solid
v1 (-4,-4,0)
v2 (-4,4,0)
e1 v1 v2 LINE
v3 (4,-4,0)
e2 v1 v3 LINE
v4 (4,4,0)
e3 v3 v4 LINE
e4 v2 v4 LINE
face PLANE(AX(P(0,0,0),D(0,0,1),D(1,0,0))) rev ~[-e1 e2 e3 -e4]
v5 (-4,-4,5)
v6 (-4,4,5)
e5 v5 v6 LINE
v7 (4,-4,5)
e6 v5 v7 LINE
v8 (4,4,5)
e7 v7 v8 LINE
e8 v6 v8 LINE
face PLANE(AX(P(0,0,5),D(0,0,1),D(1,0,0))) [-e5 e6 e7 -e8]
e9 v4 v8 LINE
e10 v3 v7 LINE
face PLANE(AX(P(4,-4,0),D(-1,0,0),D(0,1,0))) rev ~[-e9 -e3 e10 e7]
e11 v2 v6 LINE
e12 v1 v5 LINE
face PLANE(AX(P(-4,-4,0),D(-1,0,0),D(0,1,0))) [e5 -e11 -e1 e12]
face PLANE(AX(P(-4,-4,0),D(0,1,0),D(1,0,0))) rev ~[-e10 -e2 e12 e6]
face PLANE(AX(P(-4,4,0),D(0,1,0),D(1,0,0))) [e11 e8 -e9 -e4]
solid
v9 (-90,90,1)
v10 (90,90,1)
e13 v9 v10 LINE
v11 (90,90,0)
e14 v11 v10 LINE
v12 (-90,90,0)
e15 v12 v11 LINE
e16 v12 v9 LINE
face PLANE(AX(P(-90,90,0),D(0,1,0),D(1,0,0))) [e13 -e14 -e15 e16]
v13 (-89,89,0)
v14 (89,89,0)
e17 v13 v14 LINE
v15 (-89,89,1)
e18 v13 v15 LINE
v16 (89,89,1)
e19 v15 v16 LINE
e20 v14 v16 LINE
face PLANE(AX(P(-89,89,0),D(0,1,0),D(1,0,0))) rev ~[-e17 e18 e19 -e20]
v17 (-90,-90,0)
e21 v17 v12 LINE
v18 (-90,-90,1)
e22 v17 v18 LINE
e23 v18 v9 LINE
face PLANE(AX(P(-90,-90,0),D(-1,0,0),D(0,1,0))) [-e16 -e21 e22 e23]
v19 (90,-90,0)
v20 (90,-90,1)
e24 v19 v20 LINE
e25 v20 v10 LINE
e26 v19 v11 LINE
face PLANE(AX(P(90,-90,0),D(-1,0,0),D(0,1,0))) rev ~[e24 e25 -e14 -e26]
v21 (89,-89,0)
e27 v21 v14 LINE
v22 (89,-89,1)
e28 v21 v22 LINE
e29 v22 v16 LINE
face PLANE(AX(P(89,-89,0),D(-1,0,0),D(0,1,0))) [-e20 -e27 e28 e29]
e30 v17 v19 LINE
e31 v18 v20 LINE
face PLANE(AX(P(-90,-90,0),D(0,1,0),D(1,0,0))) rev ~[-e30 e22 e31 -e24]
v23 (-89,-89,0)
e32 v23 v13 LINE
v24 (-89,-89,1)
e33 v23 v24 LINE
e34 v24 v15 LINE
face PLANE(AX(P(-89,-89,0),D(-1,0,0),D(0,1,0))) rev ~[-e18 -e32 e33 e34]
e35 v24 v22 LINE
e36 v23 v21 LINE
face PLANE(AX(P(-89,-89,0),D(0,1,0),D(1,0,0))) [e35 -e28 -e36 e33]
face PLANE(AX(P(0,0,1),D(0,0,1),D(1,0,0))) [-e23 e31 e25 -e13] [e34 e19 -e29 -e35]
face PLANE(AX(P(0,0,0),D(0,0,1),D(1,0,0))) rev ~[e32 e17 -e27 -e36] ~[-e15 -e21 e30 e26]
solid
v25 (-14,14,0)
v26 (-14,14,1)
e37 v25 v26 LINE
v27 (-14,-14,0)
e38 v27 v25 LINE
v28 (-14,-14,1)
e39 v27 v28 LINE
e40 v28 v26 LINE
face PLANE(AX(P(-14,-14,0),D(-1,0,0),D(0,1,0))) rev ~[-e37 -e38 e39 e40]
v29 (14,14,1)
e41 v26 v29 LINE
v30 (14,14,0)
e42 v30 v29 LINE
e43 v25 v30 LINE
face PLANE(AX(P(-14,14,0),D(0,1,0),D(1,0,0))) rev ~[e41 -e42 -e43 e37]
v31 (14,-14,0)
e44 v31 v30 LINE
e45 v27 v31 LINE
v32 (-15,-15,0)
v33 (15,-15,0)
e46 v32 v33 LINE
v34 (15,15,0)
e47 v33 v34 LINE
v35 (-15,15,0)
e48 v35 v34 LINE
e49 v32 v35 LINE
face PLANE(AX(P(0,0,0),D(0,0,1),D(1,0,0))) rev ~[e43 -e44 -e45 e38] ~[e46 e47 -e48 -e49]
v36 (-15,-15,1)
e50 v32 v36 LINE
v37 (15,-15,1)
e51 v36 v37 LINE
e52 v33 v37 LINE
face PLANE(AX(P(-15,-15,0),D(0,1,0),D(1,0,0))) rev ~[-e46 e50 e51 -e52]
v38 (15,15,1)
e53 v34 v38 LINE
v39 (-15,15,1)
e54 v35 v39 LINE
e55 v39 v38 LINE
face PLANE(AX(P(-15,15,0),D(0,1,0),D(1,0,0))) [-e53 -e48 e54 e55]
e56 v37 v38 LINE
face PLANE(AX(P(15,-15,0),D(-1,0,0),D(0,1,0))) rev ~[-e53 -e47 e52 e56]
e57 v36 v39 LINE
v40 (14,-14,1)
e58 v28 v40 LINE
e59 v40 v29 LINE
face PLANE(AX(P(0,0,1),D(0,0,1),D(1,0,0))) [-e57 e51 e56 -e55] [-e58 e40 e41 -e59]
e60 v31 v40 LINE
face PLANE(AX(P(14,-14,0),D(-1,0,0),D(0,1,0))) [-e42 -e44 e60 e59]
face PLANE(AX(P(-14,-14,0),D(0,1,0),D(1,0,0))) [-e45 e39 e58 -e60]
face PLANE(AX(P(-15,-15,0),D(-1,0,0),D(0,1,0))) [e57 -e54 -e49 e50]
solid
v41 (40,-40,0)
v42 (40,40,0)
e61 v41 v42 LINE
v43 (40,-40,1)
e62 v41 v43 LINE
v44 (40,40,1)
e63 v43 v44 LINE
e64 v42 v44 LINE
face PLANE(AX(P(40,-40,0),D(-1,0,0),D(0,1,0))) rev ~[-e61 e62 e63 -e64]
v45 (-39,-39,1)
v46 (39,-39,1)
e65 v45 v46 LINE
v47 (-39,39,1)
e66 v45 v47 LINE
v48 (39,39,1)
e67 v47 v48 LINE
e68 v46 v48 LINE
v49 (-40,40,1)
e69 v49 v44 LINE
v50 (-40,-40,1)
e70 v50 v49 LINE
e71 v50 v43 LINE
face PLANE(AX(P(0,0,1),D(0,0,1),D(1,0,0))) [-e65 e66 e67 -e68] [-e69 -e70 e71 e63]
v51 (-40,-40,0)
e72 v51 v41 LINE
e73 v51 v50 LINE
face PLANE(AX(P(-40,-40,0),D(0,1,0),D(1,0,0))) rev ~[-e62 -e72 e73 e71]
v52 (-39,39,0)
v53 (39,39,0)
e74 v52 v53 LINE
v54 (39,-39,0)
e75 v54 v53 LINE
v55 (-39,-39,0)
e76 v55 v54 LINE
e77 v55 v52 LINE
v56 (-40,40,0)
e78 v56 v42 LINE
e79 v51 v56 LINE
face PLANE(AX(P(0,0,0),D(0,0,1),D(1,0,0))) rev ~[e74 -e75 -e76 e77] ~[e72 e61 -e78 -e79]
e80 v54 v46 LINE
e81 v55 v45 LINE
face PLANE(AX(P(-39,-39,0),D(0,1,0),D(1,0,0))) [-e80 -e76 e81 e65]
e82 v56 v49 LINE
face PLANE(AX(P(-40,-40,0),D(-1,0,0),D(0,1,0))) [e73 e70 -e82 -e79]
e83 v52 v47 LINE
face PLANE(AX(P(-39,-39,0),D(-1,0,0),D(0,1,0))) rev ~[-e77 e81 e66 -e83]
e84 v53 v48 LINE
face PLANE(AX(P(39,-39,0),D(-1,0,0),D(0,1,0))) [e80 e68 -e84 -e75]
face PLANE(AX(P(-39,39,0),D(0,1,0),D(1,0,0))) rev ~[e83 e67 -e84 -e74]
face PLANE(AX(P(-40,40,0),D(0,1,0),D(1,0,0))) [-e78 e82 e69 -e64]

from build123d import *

# Parameters (mm, degrees)
F0_W     = 80
F0_H     = 80
F0_W_2   = 78
F0_H_2   = 78
F1_DEPTH = 1
F0_W_3   = 30
F0_H_3   = 30
F0_W_4   = 28
F0_H_4   = 28
F0_W_5   = 180
F0_H_5   = 180
F0_W_6   = 178
F0_H_6   = 178
F2_W     = 8
F2_H     = 8
F3_DEPTH = 5


with BuildPart() as f1:
    # F0 (on Top) → F1 (new body)
    with BuildSketch(Plane.XY):
        Rectangle(F0_W, F0_H)
        Rectangle(F0_W_2, F0_H_2, mode=Mode.SUBTRACT)
    extrude(amount=F1_DEPTH)


with BuildPart() as f1b:
    # F0 (on Top) → F1, piece 2 (new body)
    with BuildSketch(Plane.XY):
        Rectangle(F0_W_3, F0_H_3)
        Rectangle(F0_W_4, F0_H_4, mode=Mode.SUBTRACT)
    extrude(amount=F1_DEPTH)


with BuildPart() as f1c:
    # F0 (on Top) → F1, piece 3 (new body)
    with BuildSketch(Plane.XY):
        Rectangle(F0_W_5, F0_H_5)
        Rectangle(F0_W_6, F0_H_6, mode=Mode.SUBTRACT)
    extrude(amount=F1_DEPTH)


with BuildPart() as f3:
    # F2 (on Top) → F3 (new body)
    with BuildSketch(Plane.XY):
        Rectangle(F2_W, F2_H)
    extrude(amount=F3_DEPTH)


solid = Compound([f1.part, f1b.part, f1c.part, f3.part])
